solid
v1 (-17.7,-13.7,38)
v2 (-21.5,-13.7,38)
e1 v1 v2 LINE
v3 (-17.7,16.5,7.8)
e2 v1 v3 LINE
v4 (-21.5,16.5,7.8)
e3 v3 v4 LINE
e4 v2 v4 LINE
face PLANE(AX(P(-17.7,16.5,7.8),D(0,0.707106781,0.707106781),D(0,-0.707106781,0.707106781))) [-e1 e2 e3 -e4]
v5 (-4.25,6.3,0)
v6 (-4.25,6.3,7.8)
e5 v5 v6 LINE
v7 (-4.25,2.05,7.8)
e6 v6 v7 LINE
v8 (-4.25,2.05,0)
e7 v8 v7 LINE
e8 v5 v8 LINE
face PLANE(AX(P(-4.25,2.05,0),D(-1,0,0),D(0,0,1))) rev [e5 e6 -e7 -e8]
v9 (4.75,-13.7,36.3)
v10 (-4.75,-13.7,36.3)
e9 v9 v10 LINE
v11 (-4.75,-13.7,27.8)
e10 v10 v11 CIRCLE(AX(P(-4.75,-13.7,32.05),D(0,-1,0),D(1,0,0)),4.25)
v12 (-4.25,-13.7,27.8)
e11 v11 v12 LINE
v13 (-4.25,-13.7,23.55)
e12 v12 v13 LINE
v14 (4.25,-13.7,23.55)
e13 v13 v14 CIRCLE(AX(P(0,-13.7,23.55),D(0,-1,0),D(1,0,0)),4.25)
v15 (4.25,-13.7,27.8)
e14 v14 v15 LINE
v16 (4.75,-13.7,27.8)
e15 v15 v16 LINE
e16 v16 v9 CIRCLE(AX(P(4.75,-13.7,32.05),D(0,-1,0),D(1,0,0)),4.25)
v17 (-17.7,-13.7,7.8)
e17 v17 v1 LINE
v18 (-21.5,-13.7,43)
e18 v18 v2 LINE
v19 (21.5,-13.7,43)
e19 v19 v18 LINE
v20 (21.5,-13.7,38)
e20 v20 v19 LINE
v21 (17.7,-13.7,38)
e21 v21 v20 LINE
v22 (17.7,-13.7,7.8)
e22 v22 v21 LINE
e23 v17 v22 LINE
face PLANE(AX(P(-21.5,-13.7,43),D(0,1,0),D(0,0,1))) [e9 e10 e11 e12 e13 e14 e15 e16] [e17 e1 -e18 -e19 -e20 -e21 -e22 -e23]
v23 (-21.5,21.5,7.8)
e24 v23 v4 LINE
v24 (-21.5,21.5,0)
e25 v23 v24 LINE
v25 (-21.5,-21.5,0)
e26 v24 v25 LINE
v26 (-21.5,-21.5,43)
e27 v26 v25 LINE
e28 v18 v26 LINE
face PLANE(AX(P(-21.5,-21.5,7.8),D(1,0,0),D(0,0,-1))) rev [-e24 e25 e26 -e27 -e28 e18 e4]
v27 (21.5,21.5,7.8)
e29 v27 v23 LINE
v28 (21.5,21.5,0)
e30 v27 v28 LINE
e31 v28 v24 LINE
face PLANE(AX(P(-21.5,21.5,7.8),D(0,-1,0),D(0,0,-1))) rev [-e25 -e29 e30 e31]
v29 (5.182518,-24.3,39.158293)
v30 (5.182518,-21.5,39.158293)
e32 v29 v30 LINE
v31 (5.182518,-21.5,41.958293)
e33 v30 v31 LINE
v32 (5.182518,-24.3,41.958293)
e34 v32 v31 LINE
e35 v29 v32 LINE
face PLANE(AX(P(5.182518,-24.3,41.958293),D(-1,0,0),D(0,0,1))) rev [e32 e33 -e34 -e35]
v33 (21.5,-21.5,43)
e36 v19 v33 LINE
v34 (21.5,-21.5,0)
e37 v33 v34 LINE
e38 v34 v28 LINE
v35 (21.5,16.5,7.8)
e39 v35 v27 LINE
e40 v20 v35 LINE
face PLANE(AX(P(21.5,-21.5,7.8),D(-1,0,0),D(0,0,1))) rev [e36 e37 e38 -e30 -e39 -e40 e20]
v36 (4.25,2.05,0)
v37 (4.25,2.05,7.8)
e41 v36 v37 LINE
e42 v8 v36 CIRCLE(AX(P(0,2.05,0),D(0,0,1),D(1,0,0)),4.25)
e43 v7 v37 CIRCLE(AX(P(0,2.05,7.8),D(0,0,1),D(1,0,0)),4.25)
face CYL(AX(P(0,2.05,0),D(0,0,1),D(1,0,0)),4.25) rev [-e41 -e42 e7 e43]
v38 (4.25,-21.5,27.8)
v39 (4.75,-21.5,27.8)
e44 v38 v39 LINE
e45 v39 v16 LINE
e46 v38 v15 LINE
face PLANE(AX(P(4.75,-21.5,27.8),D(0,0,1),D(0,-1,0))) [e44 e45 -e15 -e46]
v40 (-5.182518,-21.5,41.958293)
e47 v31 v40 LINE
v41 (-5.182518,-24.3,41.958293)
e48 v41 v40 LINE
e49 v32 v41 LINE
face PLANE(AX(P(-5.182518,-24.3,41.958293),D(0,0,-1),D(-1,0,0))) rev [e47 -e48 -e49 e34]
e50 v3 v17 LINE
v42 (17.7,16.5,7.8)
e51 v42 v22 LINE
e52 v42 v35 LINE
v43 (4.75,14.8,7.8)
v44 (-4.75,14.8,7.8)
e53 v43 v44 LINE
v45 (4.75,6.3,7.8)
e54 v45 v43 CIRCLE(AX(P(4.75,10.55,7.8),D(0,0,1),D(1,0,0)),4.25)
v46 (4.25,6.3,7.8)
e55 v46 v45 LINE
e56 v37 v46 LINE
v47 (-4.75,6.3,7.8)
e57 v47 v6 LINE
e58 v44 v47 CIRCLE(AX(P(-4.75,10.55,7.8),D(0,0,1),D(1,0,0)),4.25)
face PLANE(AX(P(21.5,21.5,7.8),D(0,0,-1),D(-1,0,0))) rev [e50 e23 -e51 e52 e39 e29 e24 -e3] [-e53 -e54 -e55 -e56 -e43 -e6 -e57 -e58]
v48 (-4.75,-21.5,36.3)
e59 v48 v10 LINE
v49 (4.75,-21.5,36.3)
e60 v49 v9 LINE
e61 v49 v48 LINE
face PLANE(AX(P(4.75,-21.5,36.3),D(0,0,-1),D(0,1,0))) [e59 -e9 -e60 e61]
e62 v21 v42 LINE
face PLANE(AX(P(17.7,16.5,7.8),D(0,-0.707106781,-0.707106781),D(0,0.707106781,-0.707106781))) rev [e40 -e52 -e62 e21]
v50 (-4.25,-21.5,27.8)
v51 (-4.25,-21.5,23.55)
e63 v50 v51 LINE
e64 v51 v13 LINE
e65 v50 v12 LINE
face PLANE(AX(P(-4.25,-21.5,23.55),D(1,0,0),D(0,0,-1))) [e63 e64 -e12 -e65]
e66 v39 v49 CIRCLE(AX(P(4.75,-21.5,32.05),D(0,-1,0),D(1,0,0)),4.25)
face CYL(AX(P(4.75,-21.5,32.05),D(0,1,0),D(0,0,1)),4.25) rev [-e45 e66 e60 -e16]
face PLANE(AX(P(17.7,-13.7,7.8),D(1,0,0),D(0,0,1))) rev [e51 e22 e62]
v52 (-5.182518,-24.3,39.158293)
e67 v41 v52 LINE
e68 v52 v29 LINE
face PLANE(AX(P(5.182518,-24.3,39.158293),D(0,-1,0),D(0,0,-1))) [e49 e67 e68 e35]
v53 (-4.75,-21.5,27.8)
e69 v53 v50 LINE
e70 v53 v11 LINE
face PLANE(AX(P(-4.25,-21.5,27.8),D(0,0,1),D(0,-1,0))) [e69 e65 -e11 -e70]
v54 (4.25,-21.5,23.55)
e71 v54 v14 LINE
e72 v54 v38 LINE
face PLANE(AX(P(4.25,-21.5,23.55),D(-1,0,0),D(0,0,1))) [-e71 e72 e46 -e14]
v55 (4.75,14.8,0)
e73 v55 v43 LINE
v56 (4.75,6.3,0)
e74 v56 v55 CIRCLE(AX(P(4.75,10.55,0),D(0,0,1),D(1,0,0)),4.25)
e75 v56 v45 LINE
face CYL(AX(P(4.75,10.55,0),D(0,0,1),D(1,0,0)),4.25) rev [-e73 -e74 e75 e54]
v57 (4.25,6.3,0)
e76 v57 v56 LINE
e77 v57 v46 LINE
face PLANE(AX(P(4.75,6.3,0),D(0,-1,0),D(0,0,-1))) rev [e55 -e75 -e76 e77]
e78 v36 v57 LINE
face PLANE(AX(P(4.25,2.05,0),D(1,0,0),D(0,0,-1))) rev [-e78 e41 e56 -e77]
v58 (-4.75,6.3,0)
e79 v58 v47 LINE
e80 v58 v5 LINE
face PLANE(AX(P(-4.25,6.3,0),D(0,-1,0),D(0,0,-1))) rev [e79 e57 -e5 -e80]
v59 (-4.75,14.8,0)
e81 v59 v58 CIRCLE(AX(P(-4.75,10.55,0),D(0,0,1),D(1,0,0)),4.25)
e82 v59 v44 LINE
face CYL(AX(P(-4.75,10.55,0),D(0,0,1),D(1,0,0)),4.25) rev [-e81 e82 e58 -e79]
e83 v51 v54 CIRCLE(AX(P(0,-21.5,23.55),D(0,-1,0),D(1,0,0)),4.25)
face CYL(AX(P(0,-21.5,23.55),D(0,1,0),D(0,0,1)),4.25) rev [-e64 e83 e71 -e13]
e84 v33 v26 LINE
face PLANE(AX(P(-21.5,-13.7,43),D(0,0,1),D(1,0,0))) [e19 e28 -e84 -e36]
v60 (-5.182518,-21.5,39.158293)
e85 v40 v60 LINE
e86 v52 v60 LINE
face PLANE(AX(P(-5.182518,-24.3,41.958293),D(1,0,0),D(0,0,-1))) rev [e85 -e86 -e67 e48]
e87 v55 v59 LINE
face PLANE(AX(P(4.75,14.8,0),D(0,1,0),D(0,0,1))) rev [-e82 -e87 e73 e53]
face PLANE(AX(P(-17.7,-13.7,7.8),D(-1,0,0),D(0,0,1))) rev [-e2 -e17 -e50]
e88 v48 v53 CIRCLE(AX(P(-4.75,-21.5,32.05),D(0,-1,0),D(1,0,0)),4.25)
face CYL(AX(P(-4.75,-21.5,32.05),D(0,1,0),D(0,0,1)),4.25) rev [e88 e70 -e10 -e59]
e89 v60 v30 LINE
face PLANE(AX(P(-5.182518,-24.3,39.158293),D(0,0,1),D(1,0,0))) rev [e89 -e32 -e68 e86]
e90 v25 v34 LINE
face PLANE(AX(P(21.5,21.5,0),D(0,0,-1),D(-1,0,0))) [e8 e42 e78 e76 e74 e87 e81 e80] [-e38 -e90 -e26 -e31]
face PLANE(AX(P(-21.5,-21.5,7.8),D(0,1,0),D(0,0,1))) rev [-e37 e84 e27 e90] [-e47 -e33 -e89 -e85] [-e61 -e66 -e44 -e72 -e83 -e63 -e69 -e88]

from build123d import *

# Parameters (mm, degrees)
SKETCH_1_W          = 43
SKETCH_1_H          = 43
EXTRUDE_1_DEPTH     = 7.8
SKETCH_3_W          = 43
SKETCH_3_H          = 43
EXTRUDE_2_DEPTH     = 7.8
EXTRUDE_3_DEPTH     = 3.8
CUT_EXTRUDE_1_DEPTH = 47.5138689
SKETCH_6_W          = 10.365035434
SKETCH_6_H          = 2.8
EXTRUDE_5_DEPTH     = 2.8


with BuildPart() as part:
    # 草图1 → 凸台-拉伸1 (new body)
    with BuildSketch(Plane.XY):
        Rectangle(SKETCH_1_W, SKETCH_1_H)
    extrude(amount=EXTRUDE_1_DEPTH)

    # 草图3 → 凸台-拉伸2 (add)
    with BuildSketch(Plane.XZ.offset(21.5)):
        with Locations((0, 21.5)):
            Rectangle(SKETCH_3_W, SKETCH_3_H)
    extrude(amount=-EXTRUDE_2_DEPTH)

    # 草图4 → 凸台-拉伸3 (add)
    with BuildSketch(Plane.ZY.offset(21.5)):
        Polygon((7.8, 16.5), (38, -13.7), (7.8, -13.7), align=None)
    extrude_3 = extrude(amount=-EXTRUDE_3_DEPTH)

    # 镜向1: 凸台-拉伸3 across plane
    add(extrude_3.mirror(Plane(origin=(0, 0, 0), x_dir=(0, 0, 1), z_dir=(1, 0, 0))))

    # 草图5 → 切除-拉伸1 (cut, through all)
    with BuildSketch(Plane.XY.offset(7.8)):
        with BuildLine():
            Line((-4.25, 2.05), (-4.25, 6.3))
            Line((-4.25, 6.3), (-4.75, 6.3))
            ThreePointArc((-4.75, 6.3), (-9, 10.55), (-4.75, 14.8))
            Line((-4.75, 14.8), (4.75, 14.8))
            ThreePointArc((4.75, 14.8), (9, 10.55), (4.75, 6.3))
            Line((4.75, 6.3), (4.25, 6.3))
            Line((4.25, 6.3), (4.25, 2.05))
            ThreePointArc((4.25, 2.05), (0, -2.2), (-4.25, 2.05))
        make_face()
    cut_extrude_1 = extrude(amount=-CUT_EXTRUDE_1_DEPTH, mode=Mode.SUBTRACT)

    # 镜向2: 切除-拉伸1 across plane
    add(cut_extrude_1.mirror(Plane(origin=(0, -10.75, 10.75), x_dir=(0, 0.7071067811865478, 0.7071067811865472), z_dir=(0, 0.7071067811865475, -0.7071067811865477))), mode=Mode.SUBTRACT)

    # 草图6 → 凸台-拉伸5 (add)
    with BuildSketch(Plane.XZ.offset(21.5)):
        with Locations((0, 40.55829283)):
            Rectangle(SKETCH_6_W, SKETCH_6_H)
    extrude(amount=EXTRUDE_5_DEPTH)


solid = part.part
